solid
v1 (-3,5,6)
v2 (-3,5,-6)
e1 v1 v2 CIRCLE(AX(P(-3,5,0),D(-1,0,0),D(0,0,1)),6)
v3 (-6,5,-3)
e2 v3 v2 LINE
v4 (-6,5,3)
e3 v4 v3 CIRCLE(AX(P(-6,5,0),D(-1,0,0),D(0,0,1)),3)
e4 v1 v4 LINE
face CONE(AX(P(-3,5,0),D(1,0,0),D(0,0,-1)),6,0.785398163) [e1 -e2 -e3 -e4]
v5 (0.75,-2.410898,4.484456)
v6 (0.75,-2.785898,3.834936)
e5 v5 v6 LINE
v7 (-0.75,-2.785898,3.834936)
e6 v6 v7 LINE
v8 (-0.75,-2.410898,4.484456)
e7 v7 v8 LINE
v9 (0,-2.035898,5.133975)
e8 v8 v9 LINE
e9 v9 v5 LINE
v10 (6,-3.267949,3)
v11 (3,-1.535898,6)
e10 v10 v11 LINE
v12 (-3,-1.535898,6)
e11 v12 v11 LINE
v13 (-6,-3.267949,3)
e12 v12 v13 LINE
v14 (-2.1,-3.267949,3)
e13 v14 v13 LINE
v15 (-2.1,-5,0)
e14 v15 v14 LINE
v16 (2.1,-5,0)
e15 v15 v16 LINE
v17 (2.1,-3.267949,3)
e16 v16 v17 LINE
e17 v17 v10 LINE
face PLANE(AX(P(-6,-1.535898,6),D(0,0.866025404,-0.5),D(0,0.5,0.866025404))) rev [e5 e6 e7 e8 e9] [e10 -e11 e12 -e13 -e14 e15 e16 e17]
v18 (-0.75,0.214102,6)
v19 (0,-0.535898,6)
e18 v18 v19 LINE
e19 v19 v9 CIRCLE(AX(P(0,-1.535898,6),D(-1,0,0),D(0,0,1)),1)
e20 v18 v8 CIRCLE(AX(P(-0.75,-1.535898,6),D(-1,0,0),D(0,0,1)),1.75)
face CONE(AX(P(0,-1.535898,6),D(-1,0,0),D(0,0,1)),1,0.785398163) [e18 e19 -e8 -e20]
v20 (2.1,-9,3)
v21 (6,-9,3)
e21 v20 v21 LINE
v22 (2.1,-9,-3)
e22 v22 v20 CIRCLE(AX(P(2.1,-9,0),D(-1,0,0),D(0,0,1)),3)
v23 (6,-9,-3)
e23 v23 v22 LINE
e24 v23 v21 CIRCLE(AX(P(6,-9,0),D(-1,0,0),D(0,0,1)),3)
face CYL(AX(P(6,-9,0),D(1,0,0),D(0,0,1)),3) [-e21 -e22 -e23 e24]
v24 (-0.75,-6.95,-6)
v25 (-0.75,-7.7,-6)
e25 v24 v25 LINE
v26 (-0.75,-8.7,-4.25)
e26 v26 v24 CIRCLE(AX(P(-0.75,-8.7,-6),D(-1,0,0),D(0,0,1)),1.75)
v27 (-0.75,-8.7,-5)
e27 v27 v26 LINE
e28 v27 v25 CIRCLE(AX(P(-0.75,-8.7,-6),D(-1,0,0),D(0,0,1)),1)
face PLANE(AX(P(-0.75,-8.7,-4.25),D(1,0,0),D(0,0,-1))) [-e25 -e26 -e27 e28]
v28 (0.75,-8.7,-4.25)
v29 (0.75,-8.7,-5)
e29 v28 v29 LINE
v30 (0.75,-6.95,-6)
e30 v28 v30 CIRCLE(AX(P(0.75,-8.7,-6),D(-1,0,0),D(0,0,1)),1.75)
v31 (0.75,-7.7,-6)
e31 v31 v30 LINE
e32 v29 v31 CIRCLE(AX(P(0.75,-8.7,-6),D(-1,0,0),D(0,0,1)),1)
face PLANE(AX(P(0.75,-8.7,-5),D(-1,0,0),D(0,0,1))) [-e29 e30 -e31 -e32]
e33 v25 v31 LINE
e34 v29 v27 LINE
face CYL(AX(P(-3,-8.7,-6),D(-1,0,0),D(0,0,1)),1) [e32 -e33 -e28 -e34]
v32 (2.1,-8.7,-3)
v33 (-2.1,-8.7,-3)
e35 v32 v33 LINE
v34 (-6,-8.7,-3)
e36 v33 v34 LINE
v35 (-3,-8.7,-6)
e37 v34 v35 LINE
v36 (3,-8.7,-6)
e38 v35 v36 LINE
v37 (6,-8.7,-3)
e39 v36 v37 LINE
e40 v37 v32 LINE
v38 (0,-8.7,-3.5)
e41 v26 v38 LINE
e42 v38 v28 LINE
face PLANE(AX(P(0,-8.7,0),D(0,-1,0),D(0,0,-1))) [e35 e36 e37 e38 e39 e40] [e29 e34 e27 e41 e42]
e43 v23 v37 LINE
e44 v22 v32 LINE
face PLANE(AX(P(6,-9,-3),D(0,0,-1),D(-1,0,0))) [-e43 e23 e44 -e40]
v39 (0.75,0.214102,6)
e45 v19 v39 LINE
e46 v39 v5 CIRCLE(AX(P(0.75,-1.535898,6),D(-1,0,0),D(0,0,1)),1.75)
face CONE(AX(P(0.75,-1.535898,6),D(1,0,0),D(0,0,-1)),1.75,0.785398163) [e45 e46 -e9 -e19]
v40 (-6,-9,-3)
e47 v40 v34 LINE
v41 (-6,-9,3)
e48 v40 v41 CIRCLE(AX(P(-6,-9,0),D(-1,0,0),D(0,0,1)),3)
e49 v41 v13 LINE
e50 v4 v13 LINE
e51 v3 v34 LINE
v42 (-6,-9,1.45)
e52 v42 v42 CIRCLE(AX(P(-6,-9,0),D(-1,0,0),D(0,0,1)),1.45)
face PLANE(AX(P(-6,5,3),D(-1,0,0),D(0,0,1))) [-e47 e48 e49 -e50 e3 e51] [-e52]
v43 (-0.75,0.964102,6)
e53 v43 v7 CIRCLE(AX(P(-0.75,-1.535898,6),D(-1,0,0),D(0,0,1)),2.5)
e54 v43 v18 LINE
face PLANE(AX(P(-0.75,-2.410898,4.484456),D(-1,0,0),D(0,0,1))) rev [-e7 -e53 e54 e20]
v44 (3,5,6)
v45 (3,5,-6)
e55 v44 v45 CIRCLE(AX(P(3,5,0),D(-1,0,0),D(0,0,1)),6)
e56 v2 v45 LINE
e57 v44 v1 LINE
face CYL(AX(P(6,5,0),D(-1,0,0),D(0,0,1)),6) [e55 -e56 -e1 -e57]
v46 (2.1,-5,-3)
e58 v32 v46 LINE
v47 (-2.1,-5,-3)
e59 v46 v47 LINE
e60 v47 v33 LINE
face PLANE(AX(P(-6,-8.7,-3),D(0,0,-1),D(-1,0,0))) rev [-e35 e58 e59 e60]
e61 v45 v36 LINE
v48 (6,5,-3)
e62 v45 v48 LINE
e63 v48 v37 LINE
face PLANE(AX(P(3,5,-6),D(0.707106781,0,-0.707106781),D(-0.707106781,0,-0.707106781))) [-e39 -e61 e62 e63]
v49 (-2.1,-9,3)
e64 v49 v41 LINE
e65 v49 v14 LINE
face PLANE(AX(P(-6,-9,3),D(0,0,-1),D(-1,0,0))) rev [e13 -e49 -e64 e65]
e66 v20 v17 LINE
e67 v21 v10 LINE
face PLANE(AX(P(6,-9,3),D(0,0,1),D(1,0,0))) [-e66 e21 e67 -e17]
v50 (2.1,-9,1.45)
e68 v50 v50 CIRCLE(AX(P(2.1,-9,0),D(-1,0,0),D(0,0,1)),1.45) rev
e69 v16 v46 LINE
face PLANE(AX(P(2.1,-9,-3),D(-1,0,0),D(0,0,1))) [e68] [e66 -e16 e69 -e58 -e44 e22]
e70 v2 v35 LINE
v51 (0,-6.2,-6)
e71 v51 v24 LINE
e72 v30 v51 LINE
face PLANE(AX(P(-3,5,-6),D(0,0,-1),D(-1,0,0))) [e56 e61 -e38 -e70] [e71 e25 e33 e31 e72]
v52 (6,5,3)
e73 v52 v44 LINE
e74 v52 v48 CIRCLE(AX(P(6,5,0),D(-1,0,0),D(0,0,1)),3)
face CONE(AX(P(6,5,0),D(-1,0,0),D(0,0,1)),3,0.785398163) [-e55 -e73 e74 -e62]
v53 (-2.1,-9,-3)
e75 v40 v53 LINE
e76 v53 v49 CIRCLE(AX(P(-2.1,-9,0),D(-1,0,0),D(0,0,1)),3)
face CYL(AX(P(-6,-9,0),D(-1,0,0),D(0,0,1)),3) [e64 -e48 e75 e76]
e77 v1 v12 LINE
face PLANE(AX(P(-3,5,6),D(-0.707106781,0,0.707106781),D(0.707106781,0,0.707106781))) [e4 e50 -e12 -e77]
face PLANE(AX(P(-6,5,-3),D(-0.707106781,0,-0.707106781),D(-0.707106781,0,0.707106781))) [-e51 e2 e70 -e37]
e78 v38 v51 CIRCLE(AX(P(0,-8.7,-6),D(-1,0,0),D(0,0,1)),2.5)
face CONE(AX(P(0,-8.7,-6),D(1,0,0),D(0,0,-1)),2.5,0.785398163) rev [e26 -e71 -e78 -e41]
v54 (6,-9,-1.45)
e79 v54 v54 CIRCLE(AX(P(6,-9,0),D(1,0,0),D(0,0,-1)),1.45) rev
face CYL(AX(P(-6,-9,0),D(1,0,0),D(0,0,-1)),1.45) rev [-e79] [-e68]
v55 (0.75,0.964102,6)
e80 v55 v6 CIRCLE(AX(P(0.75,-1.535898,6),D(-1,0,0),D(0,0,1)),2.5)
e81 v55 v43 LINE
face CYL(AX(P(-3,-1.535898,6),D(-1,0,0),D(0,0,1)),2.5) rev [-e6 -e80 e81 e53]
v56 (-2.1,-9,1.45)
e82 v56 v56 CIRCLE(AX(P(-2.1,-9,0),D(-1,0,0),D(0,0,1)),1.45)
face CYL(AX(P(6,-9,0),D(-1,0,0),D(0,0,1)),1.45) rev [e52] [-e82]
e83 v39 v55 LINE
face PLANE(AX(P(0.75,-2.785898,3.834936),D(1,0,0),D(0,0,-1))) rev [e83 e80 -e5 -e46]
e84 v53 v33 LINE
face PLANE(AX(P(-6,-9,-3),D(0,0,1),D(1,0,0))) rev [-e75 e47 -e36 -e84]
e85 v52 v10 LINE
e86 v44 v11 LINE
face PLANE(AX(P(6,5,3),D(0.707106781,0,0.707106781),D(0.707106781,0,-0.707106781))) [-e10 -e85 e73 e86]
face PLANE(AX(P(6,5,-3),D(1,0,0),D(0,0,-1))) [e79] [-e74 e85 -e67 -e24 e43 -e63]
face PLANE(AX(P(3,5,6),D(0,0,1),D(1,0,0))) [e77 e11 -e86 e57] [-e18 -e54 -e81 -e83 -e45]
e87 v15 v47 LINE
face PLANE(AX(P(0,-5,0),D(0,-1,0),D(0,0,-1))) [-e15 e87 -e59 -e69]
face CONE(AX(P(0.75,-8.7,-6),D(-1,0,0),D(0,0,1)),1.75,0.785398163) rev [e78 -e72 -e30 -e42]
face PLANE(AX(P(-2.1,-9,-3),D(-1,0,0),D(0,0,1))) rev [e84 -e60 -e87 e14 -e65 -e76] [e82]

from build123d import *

# Parameters (mm, degrees)
BOSS_EXTRUDE1_DEPTH     = 5
CUT_EXTRUDE8_DEPTH      = 10.848857802
CUT_EXTRUDE8_DEPTH_BACK = 10.848857802
REVOLVE1_ANGLE          = 180
SKETCH24_W              = 3.9
SKETCH24_H              = 6
BOSS_EXTRUDE2_DEPTH     = 4
SKETCH25_W              = 3.9
SKETCH25_H              = 3
REVOLVE2_ANGLE          = 180
SKETCH26_R              = 1.45
CUT_EXTRUDE9_DEPTH      = 19
BOSS_EXTRUDE4_DEPTH     = 3.7


with BuildPart() as part:
    # Sketch2 → Boss-Extrude1 (new, symmetric)
    with BuildSketch(Plane(origin=(0, 0, 0), x_dir=(1, 0, 0), z_dir=(0, 1, 0))):
        Polygon((-3, 6), (3, 6), (6, 3), (6, -3), (3, -6), (-3, -6), (-6, -3), (-6, 3), align=None)
    extrude(amount=BOSS_EXTRUDE1_DEPTH, both=True)

    # Sketch22 → Cut-Extrude8 (cut, two sides: drawn at the far end of the back side and taken through both)
    with BuildSketch(Plane(origin=(0, 0, 0), x_dir=(0, 0, -1), z_dir=(1, 0, 0)).offset(-CUT_EXTRUDE8_DEPTH_BACK)):
        Polygon((0, -5), (-6, -5), (-6, -1.535898385), align=None)
    extrude(amount=CUT_EXTRUDE8_DEPTH + CUT_EXTRUDE8_DEPTH_BACK, mode=Mode.SUBTRACT)

    # Sketch23 → Revolve1 (revolve)
    with BuildSketch(Plane(origin=(0, 5, 0), x_dir=(1, 0, 0), z_dir=(0, 1, 0))):
        Polygon((-6, 0), (-6, 3), (-3, 6), (3, 6), (6, 3), (6, 0), align=None)
    revolve(axis=Axis((6, 5, 0), (1, 0, 0)), revolution_arc=REVOLVE1_ANGLE)

    # Sketch24 → Boss-Extrude2 (add, symmetric)
    with BuildSketch(Plane.XZ.offset(5)):
        with Locations((-4.05, 0)):
            Rectangle(SKETCH24_W, SKETCH24_H)
    boss_extrude2 = extrude(amount=BOSS_EXTRUDE2_DEPTH, both=True)

    # Sketch25 → Revolve2 (revolve)
    with BuildSketch(Plane.XZ.offset(9)):
        with Locations((-4.05, 1.5)):
            Rectangle(SKETCH25_W, SKETCH25_H)
    revolve2 = revolve(axis=Axis((-6, -9, 0), (1, 0, 0)), revolution_arc=REVOLVE2_ANGLE)

    # Sketch26 → Cut-Extrude9 (cut, symmetric)
    with BuildSketch(Plane.ZY.offset(6)):
        with Locations((0, -9)):
            Circle(SKETCH26_R)
    cut_extrude9 = extrude(amount=CUT_EXTRUDE9_DEPTH, both=True, mode=Mode.SUBTRACT)

    # Mirror1: Boss-Extrude2, Revolve2, Cut-Extrude9 across plane
    add(boss_extrude2.mirror(Plane(origin=(0, 0, 0), x_dir=(0, 0, 1), z_dir=(1, 0, 0))))
    add(revolve2.mirror(Plane(origin=(0, 0, 0), x_dir=(0, 0, 1), z_dir=(1, 0, 0))))
    add(cut_extrude9.mirror(Plane(origin=(0, 0, 0), x_dir=(0, 0, 1), z_dir=(1, 0, 0))), mode=Mode.SUBTRACT)

    # Sketch30 → Cut-Revolve1 (revolve, cut)
    with BuildSketch(Plane(origin=(0, -3.75, 2.165063509), x_dir=(1, 0, 0), z_dir=(0, -0.8660254037844418, 0.49999999999999484))):
        Polygon((0, 3.42820323), (-0.75, 2.67820323), (-0.75, 1.92820323), (0.75, 1.92820323), (0.75, 2.67820323), align=None)
    revolve(axis=Axis((-6, -1.535898385, 6), (1, 0, 0)), mode=Mode.SUBTRACT)

    # Sketch34 → Boss-Extrude4 (add)
    with BuildSketch(Plane.XZ.offset(5)):
        Polygon((-6, -3), (-2.1, -3), (2.1, -3), (6, -3), (3, -6), (-3, -6), align=None)
    extrude(amount=BOSS_EXTRUDE4_DEPTH)

    # Sketch35 → Cut-Revolve3 (revolve, cut)
    with BuildSketch(Plane.XZ.offset(8.7)):
        Polygon((0, -3.5), (-0.75, -4.25), (-0.75, -5), (0.75, -5), (0.75, -4.25), align=None)
    revolve(axis=Axis((3, -8.7, -6), (1, 0, 0)), mode=Mode.SUBTRACT)


solid = part.part
